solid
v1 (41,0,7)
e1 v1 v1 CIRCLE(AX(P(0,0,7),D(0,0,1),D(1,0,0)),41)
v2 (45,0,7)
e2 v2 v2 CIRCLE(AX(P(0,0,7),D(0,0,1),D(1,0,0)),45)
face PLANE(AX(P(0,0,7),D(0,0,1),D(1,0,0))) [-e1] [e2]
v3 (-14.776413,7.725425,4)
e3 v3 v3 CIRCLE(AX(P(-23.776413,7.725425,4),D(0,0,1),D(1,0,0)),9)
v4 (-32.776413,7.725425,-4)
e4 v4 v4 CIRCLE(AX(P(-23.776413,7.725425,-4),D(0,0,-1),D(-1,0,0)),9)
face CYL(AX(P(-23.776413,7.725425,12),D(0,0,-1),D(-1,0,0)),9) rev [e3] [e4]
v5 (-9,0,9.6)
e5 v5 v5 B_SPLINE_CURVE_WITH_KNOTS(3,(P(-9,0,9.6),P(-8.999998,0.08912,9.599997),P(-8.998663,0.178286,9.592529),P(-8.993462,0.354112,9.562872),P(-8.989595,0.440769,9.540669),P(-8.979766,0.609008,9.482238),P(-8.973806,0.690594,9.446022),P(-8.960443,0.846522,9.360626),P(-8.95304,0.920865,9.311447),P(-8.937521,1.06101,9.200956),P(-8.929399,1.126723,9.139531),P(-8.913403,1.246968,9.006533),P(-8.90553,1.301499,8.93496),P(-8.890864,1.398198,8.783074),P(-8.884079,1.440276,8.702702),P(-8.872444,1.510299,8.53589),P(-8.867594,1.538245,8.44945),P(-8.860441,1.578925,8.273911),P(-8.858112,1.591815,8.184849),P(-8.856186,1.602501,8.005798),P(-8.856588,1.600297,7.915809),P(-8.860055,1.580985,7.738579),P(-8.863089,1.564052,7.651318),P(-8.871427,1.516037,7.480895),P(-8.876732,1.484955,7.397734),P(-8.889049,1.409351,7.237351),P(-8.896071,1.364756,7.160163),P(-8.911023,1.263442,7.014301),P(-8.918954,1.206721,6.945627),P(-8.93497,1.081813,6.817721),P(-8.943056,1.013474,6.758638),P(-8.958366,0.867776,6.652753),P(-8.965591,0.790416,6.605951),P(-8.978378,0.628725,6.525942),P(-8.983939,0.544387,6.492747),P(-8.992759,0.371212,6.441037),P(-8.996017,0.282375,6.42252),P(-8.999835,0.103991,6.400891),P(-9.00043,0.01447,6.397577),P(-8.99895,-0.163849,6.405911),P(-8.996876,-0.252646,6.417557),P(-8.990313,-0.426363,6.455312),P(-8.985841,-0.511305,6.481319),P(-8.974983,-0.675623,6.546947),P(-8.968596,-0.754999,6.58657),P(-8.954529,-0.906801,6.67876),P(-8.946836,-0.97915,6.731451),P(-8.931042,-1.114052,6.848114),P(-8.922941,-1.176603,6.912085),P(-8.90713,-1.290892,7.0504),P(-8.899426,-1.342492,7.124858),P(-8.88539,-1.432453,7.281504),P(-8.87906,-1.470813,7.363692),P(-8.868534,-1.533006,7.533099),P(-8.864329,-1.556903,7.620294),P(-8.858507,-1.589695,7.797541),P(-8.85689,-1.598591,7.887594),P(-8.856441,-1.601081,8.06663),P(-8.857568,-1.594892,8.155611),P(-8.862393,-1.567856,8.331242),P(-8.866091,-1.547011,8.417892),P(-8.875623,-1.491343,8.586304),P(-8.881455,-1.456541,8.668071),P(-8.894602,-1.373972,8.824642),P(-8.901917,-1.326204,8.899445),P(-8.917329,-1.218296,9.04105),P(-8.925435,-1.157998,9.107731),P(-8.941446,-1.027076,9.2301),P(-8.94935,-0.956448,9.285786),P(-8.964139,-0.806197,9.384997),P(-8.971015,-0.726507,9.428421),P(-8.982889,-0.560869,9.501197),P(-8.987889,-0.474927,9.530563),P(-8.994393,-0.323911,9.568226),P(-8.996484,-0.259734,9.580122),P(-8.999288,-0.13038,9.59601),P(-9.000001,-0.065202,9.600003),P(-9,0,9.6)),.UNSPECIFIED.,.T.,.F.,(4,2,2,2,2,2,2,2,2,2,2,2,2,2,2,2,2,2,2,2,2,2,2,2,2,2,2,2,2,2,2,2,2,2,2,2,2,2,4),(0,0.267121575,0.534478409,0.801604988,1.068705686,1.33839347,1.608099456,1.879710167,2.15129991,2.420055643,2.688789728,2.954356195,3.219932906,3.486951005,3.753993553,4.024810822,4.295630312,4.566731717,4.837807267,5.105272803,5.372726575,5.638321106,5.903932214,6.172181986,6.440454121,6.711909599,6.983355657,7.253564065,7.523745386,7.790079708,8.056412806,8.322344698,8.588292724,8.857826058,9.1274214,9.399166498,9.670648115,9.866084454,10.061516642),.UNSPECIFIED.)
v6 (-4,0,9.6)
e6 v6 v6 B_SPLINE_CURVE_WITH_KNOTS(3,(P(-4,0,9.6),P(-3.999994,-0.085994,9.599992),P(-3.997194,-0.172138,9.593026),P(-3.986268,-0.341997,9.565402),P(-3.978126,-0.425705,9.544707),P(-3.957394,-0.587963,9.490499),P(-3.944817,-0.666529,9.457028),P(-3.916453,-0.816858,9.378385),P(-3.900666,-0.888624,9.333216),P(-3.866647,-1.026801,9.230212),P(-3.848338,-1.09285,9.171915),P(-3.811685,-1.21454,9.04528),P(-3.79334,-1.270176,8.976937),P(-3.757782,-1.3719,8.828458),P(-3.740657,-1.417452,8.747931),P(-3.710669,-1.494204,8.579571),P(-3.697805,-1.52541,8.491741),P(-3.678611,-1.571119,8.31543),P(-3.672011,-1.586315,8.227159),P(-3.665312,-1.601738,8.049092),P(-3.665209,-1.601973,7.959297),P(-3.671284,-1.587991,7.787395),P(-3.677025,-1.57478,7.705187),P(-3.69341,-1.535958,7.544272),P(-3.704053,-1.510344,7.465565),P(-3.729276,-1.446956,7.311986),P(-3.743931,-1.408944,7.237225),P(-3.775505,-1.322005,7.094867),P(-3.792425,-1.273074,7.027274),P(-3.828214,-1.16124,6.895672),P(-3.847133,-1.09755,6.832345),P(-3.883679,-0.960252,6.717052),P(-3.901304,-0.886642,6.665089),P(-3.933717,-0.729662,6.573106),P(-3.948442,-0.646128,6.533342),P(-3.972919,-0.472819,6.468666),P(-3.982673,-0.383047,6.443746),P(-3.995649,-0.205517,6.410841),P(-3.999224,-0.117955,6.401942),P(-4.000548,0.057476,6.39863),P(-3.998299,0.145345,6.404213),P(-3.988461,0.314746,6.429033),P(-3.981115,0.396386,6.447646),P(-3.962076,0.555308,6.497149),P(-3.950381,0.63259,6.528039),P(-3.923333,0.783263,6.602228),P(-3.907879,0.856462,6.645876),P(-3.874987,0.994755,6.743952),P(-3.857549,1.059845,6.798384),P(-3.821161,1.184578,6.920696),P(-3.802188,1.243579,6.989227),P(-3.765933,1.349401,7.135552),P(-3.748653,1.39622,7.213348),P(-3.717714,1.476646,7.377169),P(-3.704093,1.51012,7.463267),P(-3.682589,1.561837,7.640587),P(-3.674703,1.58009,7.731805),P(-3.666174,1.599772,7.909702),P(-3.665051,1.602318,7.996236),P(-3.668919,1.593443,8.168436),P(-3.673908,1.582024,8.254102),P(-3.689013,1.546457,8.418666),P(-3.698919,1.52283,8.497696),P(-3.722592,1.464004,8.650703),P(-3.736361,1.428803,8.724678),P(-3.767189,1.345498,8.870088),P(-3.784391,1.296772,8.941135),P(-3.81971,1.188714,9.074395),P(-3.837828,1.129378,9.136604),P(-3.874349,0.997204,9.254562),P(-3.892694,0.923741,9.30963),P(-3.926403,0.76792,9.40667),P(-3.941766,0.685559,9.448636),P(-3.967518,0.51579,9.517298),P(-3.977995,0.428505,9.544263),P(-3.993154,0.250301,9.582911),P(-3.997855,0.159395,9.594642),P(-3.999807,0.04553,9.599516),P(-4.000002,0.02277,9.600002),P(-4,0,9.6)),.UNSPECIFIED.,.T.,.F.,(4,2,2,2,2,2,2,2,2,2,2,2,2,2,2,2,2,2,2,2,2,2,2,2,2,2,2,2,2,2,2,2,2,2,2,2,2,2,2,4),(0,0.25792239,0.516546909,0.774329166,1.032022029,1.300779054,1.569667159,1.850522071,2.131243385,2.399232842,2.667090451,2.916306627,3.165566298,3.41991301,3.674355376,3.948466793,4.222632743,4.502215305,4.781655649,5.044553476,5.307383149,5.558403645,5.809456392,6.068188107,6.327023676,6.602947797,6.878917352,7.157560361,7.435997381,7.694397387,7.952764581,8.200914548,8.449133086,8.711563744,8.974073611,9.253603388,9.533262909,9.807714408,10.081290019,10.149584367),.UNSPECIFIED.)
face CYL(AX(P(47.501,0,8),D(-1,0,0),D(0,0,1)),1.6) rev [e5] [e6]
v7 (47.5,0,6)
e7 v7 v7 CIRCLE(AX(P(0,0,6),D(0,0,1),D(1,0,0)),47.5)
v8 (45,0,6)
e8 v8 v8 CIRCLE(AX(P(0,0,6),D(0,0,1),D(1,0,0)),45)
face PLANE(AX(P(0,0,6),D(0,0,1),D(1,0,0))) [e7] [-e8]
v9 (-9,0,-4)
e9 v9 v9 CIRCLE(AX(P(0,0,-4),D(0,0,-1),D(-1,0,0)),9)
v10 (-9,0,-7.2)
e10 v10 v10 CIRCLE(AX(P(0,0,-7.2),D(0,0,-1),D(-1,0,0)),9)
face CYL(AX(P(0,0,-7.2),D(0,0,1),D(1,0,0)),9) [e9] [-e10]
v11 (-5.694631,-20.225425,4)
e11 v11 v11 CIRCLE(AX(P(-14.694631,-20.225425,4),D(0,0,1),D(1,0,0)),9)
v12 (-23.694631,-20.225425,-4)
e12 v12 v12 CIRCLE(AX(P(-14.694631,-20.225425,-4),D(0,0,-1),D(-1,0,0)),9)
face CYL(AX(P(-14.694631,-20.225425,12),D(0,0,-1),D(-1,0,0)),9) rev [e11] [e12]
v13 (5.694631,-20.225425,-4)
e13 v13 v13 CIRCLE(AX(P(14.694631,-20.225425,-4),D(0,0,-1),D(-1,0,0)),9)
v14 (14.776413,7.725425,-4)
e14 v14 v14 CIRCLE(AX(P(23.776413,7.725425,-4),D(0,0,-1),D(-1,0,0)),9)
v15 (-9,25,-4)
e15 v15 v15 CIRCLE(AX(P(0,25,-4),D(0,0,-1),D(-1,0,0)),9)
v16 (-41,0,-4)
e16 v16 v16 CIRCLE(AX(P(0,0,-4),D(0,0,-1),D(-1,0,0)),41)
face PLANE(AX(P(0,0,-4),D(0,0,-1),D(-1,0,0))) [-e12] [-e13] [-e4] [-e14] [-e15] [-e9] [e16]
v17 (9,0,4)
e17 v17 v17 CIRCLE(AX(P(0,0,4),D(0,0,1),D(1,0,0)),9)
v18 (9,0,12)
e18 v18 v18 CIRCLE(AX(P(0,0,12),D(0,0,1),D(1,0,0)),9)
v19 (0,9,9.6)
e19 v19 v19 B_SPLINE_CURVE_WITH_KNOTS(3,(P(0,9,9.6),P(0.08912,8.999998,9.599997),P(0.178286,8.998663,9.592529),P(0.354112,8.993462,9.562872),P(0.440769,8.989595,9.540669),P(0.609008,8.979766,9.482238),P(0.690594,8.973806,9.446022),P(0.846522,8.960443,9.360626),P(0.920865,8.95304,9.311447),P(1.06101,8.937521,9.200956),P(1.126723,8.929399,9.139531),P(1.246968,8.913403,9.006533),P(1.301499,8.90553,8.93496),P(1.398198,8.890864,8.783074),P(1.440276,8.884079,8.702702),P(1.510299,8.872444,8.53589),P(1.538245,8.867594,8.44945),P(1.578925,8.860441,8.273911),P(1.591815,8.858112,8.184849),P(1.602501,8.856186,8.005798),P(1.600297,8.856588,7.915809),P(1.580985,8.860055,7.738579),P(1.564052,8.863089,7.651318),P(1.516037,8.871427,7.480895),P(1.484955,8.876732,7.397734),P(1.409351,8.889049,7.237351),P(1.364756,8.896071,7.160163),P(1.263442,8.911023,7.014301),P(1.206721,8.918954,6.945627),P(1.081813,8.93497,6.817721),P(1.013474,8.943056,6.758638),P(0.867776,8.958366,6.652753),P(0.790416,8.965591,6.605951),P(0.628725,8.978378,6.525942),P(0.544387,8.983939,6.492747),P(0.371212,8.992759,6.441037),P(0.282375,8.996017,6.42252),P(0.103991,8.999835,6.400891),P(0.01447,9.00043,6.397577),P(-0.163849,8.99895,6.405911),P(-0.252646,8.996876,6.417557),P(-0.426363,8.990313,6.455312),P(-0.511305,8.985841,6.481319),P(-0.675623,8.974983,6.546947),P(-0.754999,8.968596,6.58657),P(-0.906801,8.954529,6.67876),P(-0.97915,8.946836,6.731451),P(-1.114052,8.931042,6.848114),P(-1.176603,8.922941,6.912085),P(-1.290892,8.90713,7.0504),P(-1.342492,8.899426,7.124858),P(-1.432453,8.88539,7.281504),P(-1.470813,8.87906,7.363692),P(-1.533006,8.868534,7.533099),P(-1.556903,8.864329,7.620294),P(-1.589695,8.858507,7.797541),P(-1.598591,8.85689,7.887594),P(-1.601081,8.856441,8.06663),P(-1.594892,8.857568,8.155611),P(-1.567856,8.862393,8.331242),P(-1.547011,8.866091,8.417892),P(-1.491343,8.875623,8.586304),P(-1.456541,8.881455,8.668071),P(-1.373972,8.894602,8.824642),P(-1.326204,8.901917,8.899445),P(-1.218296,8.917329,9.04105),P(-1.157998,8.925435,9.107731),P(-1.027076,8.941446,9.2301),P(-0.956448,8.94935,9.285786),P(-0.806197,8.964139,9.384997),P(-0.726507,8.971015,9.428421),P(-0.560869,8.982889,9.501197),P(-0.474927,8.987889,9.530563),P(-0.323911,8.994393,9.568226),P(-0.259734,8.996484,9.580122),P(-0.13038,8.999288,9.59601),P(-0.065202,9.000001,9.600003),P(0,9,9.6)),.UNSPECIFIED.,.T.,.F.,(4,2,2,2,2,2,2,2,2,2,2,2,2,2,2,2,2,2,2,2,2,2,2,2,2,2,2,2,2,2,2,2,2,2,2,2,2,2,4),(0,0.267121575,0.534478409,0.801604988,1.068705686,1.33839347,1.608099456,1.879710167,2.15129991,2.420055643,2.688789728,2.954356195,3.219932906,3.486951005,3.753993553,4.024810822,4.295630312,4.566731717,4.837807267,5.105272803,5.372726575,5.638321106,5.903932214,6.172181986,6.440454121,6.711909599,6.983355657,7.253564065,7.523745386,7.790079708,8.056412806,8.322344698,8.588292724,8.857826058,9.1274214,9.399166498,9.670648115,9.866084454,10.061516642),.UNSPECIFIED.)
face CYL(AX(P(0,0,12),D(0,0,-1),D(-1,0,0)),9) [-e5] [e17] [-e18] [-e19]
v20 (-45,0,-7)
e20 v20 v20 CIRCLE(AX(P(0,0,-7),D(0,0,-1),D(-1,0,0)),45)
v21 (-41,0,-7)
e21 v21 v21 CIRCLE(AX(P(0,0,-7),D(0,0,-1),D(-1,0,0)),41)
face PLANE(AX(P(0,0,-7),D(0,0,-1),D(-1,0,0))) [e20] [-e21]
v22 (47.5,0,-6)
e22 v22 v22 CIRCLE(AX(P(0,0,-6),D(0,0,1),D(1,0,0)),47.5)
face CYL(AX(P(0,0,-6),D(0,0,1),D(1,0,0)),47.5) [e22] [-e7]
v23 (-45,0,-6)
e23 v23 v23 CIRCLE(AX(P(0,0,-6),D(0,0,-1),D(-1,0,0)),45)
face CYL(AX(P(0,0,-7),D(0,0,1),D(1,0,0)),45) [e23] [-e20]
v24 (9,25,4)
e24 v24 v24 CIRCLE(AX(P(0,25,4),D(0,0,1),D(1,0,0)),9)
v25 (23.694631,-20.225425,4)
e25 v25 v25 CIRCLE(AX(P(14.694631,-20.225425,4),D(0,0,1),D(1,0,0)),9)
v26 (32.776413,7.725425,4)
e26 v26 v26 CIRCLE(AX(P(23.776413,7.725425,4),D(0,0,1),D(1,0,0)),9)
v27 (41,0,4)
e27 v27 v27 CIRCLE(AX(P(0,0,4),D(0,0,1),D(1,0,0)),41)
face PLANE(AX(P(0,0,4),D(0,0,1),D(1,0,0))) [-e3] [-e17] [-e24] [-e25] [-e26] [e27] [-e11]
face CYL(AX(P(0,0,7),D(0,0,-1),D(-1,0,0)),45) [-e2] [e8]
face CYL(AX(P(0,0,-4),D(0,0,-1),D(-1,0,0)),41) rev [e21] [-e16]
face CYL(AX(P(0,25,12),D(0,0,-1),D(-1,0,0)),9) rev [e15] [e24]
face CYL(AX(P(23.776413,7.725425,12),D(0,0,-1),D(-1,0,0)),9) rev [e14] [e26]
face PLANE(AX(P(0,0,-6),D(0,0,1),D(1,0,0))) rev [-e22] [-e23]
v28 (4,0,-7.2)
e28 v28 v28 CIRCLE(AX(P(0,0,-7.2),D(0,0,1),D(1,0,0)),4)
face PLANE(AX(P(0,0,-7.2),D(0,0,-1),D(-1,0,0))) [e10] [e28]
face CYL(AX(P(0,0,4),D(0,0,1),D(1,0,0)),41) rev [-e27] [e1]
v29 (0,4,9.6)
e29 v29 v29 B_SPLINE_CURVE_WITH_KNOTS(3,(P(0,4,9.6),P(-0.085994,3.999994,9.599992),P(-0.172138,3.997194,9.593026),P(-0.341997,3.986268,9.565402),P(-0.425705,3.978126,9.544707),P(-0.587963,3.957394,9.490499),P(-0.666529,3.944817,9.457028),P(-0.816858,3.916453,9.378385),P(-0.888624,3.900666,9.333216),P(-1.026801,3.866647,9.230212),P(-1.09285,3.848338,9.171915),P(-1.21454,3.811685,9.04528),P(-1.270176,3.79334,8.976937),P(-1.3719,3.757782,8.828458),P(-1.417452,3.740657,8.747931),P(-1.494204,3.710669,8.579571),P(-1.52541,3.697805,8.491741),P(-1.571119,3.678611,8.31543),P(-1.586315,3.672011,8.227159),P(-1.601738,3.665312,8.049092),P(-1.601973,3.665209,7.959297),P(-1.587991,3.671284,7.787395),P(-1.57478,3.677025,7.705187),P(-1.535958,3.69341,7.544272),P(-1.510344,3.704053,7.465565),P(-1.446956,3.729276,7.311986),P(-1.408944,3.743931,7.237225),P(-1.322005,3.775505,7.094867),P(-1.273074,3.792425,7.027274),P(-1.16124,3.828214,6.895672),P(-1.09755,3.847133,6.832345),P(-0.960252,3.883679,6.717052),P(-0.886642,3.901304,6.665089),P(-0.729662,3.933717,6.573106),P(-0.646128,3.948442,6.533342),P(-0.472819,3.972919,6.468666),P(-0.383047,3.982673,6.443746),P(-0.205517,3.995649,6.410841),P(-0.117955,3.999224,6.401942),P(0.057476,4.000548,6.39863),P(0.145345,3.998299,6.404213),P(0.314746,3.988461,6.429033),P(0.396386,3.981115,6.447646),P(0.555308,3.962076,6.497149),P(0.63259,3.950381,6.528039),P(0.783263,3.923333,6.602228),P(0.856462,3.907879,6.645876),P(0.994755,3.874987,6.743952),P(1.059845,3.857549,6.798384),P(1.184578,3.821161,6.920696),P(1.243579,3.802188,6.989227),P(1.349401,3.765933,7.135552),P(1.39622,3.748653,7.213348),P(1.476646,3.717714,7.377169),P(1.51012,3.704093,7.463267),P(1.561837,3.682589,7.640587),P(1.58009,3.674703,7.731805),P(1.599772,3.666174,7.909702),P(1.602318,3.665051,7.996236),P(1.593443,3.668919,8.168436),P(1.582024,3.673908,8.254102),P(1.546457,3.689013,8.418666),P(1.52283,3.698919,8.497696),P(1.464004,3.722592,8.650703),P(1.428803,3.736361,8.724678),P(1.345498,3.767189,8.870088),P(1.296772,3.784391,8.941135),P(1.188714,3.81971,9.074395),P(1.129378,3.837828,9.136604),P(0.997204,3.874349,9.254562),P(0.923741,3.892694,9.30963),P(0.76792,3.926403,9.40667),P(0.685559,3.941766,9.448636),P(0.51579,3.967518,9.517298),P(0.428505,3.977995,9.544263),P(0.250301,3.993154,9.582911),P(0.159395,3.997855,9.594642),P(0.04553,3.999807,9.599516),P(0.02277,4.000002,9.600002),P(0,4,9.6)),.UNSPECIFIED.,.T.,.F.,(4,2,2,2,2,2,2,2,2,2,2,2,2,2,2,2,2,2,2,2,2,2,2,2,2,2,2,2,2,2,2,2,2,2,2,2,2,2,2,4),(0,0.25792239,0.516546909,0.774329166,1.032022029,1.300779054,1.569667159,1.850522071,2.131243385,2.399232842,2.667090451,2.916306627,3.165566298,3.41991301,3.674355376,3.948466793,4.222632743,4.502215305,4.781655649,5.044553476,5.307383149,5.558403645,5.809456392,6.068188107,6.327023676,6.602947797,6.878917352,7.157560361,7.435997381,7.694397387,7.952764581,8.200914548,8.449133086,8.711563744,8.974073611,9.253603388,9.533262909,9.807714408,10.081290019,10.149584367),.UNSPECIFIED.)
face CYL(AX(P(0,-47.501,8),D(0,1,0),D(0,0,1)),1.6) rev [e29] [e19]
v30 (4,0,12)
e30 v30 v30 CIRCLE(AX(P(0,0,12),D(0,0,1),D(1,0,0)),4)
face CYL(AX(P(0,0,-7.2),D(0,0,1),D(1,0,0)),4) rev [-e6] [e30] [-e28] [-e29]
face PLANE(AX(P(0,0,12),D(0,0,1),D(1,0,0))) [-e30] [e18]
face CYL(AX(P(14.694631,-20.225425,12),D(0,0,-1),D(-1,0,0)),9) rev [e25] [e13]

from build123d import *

# Parameters (mm, degrees)
BOSS_EXTRUDE1_DEPTH      = 6
BOSS_EXTRUDE1_DEPTH_BACK = 6
SKETCH1_R                = 47.5
SKETCH2_R                = 45
BOSS_EXTRUDE2_DEPTH      = 1
BOSS_EXTRUDE3_START      = 1
SKETCH3_R                = 45
BOSS_EXTRUDE3_DEPTH      = 1
SKETCH4_R                = 9
BOSS_EXTRUDE4_DEPTH      = 0.2
BOSS_EXTRUDE5_START      = 5
SKETCH5_R                = 9
BOSS_EXTRUDE5_DEPTH      = 5
SKETCH6_R                = 41
SKETCH6_R_2              = 9
CUT_EXTRUDE1_DEPTH       = 3
CUT_EXTRUDE2_START       = -3
SKETCH7_R                = 41
SKETCH7_R_2              = 9
CUT_EXTRUDE2_DEPTH       = 3
SKETCH8_R                = 9
CUT_EXTRUDE3_DEPTH       = 70.054326439
SKETCH9_R                = 4
CUT_EXTRUDE4_DEPTH       = 70.865155836
CUT_EXTRUDE5_REACH       = 76.783
SKETCH10_R               = 1.6
CUT_EXTRUDE6_REACH       = 76.783
SKETCH11_R               = 1.6


with BuildPart() as part:
    # Sketch1 → Boss-Extrude1 (new, two sides: drawn at the far end of the back side and taken through both)
    with BuildSketch(Plane.XY.offset(-BOSS_EXTRUDE1_DEPTH_BACK)):
        Circle(SKETCH1_R)
    extrude(amount=BOSS_EXTRUDE1_DEPTH + BOSS_EXTRUDE1_DEPTH_BACK)

    # Sketch2 → Boss-Extrude2 (add)
    with BuildSketch(Plane.XY.offset(6)):
        Circle(SKETCH2_R)
    extrude(amount=BOSS_EXTRUDE2_DEPTH)

    # Sketch3 → Boss-Extrude3 (add)
    with BuildSketch(Plane(origin=(0, 0, -6), x_dir=(-1, 0, 0), z_dir=(0, 0, -1)).offset(BOSS_EXTRUDE3_START)):
        Circle(SKETCH3_R)
    extrude(amount=-BOSS_EXTRUDE3_DEPTH)

    # Sketch4 → Boss-Extrude4 (add)
    with BuildSketch(Plane(origin=(0, 0, -7), x_dir=(-1, 0, 0), z_dir=(0, 0, -1))):
        Circle(SKETCH4_R)
    extrude(amount=BOSS_EXTRUDE4_DEPTH)

    # Sketch5 → Boss-Extrude5 (add)
    with BuildSketch(Plane.XY.offset(7).offset(BOSS_EXTRUDE5_START)):
        Circle(SKETCH5_R)
    extrude(amount=-BOSS_EXTRUDE5_DEPTH)

    # Sketch6 → Cut-Extrude1 (cut)
    with BuildSketch(Plane.XY.offset(7)):
        Circle(SKETCH6_R)
        Circle(SKETCH6_R_2, mode=Mode.SUBTRACT)
    extrude(amount=-CUT_EXTRUDE1_DEPTH, mode=Mode.SUBTRACT)

    # Sketch7 → Cut-Extrude2 (cut)
    with BuildSketch(Plane(origin=(0, 0, -7), x_dir=(-1, 0, 0), z_dir=(0, 0, -1)).offset(CUT_EXTRUDE2_START)):
        Circle(SKETCH7_R)
        Circle(SKETCH7_R_2, mode=Mode.SUBTRACT)
    extrude(amount=CUT_EXTRUDE2_DEPTH, mode=Mode.SUBTRACT)

    # Sketch8 → Cut-Extrude3 (cut, through all)
    with BuildSketch(Plane(origin=(0, 0, -4), x_dir=(-1, 0, 0), z_dir=(0, 0, -1))):
        with Locations((0, 25)):
            Circle(SKETCH8_R)
        with Locations((23.776412907, 7.725424859)):
            Circle(SKETCH8_R)
        with Locations((14.694631307, -20.225424859)):
            Circle(SKETCH8_R)
        with Locations((-14.694631307, -20.225424859)):
            Circle(SKETCH8_R)
        with Locations((-23.776412907, 7.725424859)):
            Circle(SKETCH8_R)
    extrude(amount=-CUT_EXTRUDE3_DEPTH, mode=Mode.SUBTRACT)

    # Sketch9 → Cut-Extrude4 (cut, through all)
    with BuildSketch(Plane.XY.offset(12)):
        Circle(SKETCH9_R)
    extrude(amount=-CUT_EXTRUDE4_DEPTH, mode=Mode.SUBTRACT)

    # Sketch10 → Cut-Extrude5 (cut, up to next)
    with BuildSketch(Plane.ZY.offset(9), mode=Mode.PRIVATE) as cut_extrude5_sk1:
        with Locations((8, 0)):
            Circle(SKETCH10_R)
    cut_extrude5_tool1 = extrude(cut_extrude5_sk1.sketch, amount=-CUT_EXTRUDE5_REACH, mode=Mode.PRIVATE) & part.part
    add(cut_extrude5_tool1.solids().sort_by_distance((-9, 0, 8))[0], mode=Mode.SUBTRACT)

    # Sketch11 → Cut-Extrude6 (cut, up to next)
    with BuildSketch(Plane(origin=(0, 9, 0), x_dir=(1, 0, 0), z_dir=(0, 1, 0)), mode=Mode.PRIVATE) as cut_extrude6_sk1:
        with Locations((0, -8)):
            Circle(SKETCH11_R)
    cut_extrude6_tool1 = extrude(cut_extrude6_sk1.sketch, amount=-CUT_EXTRUDE6_REACH, mode=Mode.PRIVATE) & part.part
    add(cut_extrude6_tool1.solids().sort_by_distance((0, 9, 8))[0], mode=Mode.SUBTRACT)


solid = part.part
